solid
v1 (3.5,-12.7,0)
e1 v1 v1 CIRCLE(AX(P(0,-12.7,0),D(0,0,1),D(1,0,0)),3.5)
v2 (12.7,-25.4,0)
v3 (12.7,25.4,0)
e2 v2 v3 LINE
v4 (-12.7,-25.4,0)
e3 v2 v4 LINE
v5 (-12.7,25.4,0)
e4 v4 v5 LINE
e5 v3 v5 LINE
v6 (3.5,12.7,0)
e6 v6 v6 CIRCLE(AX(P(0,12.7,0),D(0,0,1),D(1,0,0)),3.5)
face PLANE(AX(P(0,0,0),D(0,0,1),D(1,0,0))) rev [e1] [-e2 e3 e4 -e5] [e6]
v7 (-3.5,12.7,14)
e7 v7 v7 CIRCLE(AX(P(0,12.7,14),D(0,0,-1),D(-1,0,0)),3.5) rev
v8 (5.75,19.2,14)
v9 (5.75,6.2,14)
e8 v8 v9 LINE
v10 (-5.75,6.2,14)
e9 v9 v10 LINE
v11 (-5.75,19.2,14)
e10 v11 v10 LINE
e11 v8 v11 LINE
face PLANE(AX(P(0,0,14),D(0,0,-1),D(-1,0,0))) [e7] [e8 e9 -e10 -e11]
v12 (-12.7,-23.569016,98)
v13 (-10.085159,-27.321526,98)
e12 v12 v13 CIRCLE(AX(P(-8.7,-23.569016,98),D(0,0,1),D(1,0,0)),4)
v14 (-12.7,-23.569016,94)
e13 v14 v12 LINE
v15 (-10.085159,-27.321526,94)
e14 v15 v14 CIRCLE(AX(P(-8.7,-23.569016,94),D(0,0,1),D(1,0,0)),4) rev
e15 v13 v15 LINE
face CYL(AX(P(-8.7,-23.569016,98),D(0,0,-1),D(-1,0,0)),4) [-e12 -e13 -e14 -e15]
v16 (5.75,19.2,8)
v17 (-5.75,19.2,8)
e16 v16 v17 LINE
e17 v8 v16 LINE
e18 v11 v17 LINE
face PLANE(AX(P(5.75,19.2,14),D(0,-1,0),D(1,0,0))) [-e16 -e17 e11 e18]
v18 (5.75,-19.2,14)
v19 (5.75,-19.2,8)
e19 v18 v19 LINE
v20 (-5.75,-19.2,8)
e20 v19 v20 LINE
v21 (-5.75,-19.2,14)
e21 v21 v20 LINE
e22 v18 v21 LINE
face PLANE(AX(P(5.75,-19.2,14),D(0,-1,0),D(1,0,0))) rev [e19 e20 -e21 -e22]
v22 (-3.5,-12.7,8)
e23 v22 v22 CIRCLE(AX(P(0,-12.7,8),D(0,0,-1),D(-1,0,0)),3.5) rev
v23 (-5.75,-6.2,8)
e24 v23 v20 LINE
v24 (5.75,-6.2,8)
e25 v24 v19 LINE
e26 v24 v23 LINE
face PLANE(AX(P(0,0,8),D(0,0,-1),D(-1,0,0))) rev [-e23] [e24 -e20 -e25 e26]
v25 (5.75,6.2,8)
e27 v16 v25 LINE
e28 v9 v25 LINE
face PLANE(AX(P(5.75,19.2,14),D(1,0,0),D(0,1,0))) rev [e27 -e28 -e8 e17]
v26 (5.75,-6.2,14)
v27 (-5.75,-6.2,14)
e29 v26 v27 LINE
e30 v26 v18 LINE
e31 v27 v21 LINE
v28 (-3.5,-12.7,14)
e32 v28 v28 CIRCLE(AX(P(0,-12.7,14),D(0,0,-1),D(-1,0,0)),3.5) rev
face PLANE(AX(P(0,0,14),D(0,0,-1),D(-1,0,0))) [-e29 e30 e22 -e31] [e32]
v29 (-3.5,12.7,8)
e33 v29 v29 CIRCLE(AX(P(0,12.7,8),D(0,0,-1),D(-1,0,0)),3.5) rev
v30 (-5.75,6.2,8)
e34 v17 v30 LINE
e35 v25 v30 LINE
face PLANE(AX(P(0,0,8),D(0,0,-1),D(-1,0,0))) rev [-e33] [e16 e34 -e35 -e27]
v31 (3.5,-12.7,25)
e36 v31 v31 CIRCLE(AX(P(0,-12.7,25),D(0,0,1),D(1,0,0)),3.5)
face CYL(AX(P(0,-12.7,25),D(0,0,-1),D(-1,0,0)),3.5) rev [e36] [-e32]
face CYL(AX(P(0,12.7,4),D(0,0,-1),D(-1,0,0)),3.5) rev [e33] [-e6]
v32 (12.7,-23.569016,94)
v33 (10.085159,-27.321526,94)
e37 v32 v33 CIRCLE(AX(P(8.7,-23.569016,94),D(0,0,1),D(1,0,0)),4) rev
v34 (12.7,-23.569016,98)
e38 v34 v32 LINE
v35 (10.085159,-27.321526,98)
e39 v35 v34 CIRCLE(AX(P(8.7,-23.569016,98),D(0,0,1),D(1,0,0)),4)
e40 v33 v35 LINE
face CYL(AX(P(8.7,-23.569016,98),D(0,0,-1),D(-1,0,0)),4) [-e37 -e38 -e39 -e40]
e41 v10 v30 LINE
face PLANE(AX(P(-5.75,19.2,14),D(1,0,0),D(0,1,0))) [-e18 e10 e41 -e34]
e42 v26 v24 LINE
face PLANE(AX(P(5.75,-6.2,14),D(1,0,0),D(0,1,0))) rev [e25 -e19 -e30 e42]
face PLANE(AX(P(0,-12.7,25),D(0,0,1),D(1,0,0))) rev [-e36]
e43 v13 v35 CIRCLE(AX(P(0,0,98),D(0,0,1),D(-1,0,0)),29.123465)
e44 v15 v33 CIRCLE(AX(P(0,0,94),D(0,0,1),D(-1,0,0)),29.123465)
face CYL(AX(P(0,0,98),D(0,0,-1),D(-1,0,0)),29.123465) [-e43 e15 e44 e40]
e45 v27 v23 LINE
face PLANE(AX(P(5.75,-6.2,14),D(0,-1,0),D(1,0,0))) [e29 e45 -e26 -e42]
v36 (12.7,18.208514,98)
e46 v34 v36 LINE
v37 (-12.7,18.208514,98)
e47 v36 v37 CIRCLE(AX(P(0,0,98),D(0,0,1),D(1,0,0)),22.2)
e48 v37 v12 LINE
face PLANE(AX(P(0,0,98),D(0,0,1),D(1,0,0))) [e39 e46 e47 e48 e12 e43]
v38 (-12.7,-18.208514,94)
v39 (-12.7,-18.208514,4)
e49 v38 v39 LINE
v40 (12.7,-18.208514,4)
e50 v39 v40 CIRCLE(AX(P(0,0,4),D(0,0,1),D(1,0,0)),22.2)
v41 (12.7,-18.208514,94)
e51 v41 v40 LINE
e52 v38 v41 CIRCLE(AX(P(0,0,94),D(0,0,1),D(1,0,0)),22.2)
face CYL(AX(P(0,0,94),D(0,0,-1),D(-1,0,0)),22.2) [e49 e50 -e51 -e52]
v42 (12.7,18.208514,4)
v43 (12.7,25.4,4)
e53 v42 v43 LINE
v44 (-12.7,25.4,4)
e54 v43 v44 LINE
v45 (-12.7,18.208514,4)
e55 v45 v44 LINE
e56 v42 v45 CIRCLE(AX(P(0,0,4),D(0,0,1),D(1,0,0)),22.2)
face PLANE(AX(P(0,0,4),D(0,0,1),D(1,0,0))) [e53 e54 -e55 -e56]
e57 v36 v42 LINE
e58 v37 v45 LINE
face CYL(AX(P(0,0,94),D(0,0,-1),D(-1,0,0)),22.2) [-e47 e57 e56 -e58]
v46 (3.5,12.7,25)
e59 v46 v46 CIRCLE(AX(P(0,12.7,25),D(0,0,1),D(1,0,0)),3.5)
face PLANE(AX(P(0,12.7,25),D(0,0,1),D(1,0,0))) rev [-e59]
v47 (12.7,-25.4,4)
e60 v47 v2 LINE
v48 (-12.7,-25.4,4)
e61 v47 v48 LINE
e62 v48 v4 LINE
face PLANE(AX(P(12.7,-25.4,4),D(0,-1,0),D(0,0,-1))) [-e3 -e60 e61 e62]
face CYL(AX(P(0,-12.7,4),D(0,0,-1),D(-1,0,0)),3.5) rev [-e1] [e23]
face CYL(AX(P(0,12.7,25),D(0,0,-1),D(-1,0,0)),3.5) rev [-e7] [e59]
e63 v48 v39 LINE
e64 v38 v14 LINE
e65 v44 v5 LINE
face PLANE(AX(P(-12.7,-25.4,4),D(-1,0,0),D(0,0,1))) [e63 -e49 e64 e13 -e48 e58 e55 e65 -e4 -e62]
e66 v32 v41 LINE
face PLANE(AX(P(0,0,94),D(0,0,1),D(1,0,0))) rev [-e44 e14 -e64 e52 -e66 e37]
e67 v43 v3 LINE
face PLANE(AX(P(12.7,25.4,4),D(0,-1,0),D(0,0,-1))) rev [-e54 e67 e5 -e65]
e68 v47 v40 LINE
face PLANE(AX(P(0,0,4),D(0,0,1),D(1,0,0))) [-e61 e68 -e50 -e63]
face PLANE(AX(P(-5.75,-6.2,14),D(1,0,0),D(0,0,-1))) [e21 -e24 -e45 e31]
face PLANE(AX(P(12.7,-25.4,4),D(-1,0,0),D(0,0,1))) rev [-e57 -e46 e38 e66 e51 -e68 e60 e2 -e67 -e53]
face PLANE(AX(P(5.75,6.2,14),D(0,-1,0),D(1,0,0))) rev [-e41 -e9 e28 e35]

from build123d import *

# Parameters (mm, degrees)
SKETCH2_W           = 25.4
SKETCH2_H           = 50.8
SKETCH2_R           = 3.5
BOSS_EXTRUDE4_DEPTH = 4
BOSS_EXTRUDE5_START = 4
BOSS_EXTRUDE5_DEPTH = 90
CUT_EXTRUDE2_START  = 8
SKETCH2_6_W         = 11.5
SKETCH2_6_H         = 13
CUT_EXTRUDE2_DEPTH  = 6
SKETCH2_7_R         = 3.5
CUT_EXTRUDE3_DEPTH  = 25
BOSS_EXTRUDE6_DEPTH = 4
FILLET1_R           = 4


with BuildPart() as part:
    # Sketch2 → Boss-Extrude4 (new body)
    with BuildSketch(Plane.XY):
        Rectangle(SKETCH2_W, SKETCH2_H)
        with Locations((0, 12.7)):
            Circle(SKETCH2_R, mode=Mode.SUBTRACT)
        with Locations((0, -12.7)):
            Circle(SKETCH2_R, mode=Mode.SUBTRACT)
    extrude(amount=BOSS_EXTRUDE4_DEPTH)

    # Sketch2<4> → Boss-Extrude5 (add)
    with BuildSketch(Plane.XY.offset(BOSS_EXTRUDE5_START)):
        with BuildLine():
            Line((12.7, -12.7), (5.75, -12.7))
            Line((5.75, -12.7), (5.75, -19.2))
            Line((5.75, -19.2), (-5.75, -19.2))
            Line((-5.75, -19.2), (-5.75, -12.7))
            Line((-5.75, -12.7), (-12.7, -12.7))
            Line((-12.7, -12.7), (-12.7, -18.208514492))
            ThreePointArc((-12.7, -18.208514492), (0, -22.2), (12.7, -18.208514492))
            Line((12.7, -18.208514492), (12.7, -12.7))
        make_face()
        with BuildLine():
            Line((5.75, -19.2), (5.75, -12.7))
            Line((5.75, -12.7), (3.5, -12.7))
            ThreePointArc((3.5, -12.7), (0, -16.2), (-3.5, -12.7))
            Line((-3.5, -12.7), (-5.75, -12.7))
            Line((-5.75, -12.7), (-5.75, -19.2))
            Line((-5.75, -19.2), (5.75, -19.2))
        make_face()
        with BuildLine():
            Line((5.75, -12.7), (5.75, -6.2))
            Line((5.75, -6.2), (-5.75, -6.2))
            Line((-5.75, -6.2), (-5.75, -12.7))
            Line((-5.75, -12.7), (-3.5, -12.7))
            ThreePointArc((-3.5, -12.7), (0, -9.2), (3.5, -12.7))
            Line((3.5, -12.7), (5.75, -12.7))
        make_face()
        with BuildLine():
            ThreePointArc((-3.5, -12.7), (0, -16.2), (3.5, -12.7))
            Line((3.5, -12.7), (-3.5, -12.7))
        make_face()
        with BuildLine():
            Line((-3.5, -12.7), (3.5, -12.7))
            ThreePointArc((3.5, -12.7), (0, -9.2), (-3.5, -12.7))
        make_face()
        with BuildLine():
            ThreePointArc((-3.5, 12.7), (0, 9.2), (3.5, 12.7))
            Line((3.5, 12.7), (-3.5, 12.7))
        make_face()
        with BuildLine():
            Line((-3.5, 12.7), (3.5, 12.7))
            ThreePointArc((3.5, 12.7), (0, 16.2), (-3.5, 12.7))
        make_face()
        with BuildLine():
            Line((3.5, 12.7), (5.75, 12.7))
            Line((5.75, 12.7), (5.75, 19.2))
            Line((5.75, 19.2), (-5.75, 19.2))
            Line((-5.75, 19.2), (-5.75, 12.7))
            Line((-5.75, 12.7), (-3.5, 12.7))
            ThreePointArc((-3.5, 12.7), (0, 16.2), (3.5, 12.7))
        make_face()
        with BuildLine():
            Line((5.75, 6.2), (5.75, 12.7))
            Line((5.75, 12.7), (3.5, 12.7))
            ThreePointArc((3.5, 12.7), (0, 9.2), (-3.5, 12.7))
            Line((-3.5, 12.7), (-5.75, 12.7))
            Line((-5.75, 12.7), (-5.75, 6.2))
            Line((-5.75, 6.2), (5.75, 6.2))
        make_face()
        Polygon((-5.75, -6.2), (5.75, -6.2), (5.75, -12.7), (12.7, -12.7), (12.7, 12.7), (5.75, 12.7), (5.75, 6.2), (-5.75, 6.2), (-5.75, 12.7), (-12.7, 12.7), (-12.7, -12.7), (-5.75, -12.7), align=None)
        with BuildLine():
            Line((5.75, 12.7), (12.7, 12.7))
            Line((12.7, 12.7), (12.7, 18.208514492))
            ThreePointArc((12.7, 18.208514492), (0, 22.2), (-12.7, 18.208514492))
            Line((-12.7, 18.208514492), (-12.7, 12.7))
            Line((-12.7, 12.7), (-5.75, 12.7))
            Line((-5.75, 12.7), (-5.75, 19.2))
            Line((-5.75, 19.2), (5.75, 19.2))
            Line((5.75, 19.2), (5.75, 12.7))
        make_face()
    extrude(amount=BOSS_EXTRUDE5_DEPTH)

    # Sketch2<6> → Cut-Extrude2 (cut)
    with BuildSketch(Plane.XY.offset(CUT_EXTRUDE2_START)):
        with Locations((0, -12.7)):
            Rectangle(SKETCH2_6_W, SKETCH2_6_H)
        with Locations((0, 12.7)):
            Rectangle(SKETCH2_6_W, SKETCH2_6_H)
    extrude(amount=CUT_EXTRUDE2_DEPTH, mode=Mode.SUBTRACT)

    # Sketch2<7> → Cut-Extrude3 (cut)
    with BuildSketch(Plane.XY):
        with Locations((0, 12.7)):
            Circle(SKETCH2_7_R)
        with Locations((0, -12.7)):
            Circle(SKETCH2_7_R)
    extrude(amount=CUT_EXTRUDE3_DEPTH, mode=Mode.SUBTRACT)

    # Sketch3 → Boss-Extrude6 (add)
    with BuildSketch(Plane.XY.offset(94)):
        with BuildLine():
            Line((12.7, -18.208514492), (12.7, -26.208514492))
            ThreePointArc((12.7, -26.208514492), (0, -29.123465314), (-12.7, -26.208514492))
            Line((-12.7, -26.208514492), (-12.7, -18.208514492))
            Line((-12.7, -18.208514492), (-12.7, 18.208514492))
            ThreePointArc((-12.7, 18.208514492), (0, 22.2), (12.7, 18.208514492))
            Line((12.7, 18.208514492), (12.7, -18.208514492))
        make_face()
    extrude(amount=BOSS_EXTRUDE6_DEPTH)

    # Fillet1
    fillet1_edges = [part.edges().sort_by_distance(p)[0] for p in [
        (12.7, -26.208514492, 96),
        (-12.7, -26.208514492, 96),
    ]]
    fillet(fillet1_edges, radius=FILLET1_R)


solid = part.part
